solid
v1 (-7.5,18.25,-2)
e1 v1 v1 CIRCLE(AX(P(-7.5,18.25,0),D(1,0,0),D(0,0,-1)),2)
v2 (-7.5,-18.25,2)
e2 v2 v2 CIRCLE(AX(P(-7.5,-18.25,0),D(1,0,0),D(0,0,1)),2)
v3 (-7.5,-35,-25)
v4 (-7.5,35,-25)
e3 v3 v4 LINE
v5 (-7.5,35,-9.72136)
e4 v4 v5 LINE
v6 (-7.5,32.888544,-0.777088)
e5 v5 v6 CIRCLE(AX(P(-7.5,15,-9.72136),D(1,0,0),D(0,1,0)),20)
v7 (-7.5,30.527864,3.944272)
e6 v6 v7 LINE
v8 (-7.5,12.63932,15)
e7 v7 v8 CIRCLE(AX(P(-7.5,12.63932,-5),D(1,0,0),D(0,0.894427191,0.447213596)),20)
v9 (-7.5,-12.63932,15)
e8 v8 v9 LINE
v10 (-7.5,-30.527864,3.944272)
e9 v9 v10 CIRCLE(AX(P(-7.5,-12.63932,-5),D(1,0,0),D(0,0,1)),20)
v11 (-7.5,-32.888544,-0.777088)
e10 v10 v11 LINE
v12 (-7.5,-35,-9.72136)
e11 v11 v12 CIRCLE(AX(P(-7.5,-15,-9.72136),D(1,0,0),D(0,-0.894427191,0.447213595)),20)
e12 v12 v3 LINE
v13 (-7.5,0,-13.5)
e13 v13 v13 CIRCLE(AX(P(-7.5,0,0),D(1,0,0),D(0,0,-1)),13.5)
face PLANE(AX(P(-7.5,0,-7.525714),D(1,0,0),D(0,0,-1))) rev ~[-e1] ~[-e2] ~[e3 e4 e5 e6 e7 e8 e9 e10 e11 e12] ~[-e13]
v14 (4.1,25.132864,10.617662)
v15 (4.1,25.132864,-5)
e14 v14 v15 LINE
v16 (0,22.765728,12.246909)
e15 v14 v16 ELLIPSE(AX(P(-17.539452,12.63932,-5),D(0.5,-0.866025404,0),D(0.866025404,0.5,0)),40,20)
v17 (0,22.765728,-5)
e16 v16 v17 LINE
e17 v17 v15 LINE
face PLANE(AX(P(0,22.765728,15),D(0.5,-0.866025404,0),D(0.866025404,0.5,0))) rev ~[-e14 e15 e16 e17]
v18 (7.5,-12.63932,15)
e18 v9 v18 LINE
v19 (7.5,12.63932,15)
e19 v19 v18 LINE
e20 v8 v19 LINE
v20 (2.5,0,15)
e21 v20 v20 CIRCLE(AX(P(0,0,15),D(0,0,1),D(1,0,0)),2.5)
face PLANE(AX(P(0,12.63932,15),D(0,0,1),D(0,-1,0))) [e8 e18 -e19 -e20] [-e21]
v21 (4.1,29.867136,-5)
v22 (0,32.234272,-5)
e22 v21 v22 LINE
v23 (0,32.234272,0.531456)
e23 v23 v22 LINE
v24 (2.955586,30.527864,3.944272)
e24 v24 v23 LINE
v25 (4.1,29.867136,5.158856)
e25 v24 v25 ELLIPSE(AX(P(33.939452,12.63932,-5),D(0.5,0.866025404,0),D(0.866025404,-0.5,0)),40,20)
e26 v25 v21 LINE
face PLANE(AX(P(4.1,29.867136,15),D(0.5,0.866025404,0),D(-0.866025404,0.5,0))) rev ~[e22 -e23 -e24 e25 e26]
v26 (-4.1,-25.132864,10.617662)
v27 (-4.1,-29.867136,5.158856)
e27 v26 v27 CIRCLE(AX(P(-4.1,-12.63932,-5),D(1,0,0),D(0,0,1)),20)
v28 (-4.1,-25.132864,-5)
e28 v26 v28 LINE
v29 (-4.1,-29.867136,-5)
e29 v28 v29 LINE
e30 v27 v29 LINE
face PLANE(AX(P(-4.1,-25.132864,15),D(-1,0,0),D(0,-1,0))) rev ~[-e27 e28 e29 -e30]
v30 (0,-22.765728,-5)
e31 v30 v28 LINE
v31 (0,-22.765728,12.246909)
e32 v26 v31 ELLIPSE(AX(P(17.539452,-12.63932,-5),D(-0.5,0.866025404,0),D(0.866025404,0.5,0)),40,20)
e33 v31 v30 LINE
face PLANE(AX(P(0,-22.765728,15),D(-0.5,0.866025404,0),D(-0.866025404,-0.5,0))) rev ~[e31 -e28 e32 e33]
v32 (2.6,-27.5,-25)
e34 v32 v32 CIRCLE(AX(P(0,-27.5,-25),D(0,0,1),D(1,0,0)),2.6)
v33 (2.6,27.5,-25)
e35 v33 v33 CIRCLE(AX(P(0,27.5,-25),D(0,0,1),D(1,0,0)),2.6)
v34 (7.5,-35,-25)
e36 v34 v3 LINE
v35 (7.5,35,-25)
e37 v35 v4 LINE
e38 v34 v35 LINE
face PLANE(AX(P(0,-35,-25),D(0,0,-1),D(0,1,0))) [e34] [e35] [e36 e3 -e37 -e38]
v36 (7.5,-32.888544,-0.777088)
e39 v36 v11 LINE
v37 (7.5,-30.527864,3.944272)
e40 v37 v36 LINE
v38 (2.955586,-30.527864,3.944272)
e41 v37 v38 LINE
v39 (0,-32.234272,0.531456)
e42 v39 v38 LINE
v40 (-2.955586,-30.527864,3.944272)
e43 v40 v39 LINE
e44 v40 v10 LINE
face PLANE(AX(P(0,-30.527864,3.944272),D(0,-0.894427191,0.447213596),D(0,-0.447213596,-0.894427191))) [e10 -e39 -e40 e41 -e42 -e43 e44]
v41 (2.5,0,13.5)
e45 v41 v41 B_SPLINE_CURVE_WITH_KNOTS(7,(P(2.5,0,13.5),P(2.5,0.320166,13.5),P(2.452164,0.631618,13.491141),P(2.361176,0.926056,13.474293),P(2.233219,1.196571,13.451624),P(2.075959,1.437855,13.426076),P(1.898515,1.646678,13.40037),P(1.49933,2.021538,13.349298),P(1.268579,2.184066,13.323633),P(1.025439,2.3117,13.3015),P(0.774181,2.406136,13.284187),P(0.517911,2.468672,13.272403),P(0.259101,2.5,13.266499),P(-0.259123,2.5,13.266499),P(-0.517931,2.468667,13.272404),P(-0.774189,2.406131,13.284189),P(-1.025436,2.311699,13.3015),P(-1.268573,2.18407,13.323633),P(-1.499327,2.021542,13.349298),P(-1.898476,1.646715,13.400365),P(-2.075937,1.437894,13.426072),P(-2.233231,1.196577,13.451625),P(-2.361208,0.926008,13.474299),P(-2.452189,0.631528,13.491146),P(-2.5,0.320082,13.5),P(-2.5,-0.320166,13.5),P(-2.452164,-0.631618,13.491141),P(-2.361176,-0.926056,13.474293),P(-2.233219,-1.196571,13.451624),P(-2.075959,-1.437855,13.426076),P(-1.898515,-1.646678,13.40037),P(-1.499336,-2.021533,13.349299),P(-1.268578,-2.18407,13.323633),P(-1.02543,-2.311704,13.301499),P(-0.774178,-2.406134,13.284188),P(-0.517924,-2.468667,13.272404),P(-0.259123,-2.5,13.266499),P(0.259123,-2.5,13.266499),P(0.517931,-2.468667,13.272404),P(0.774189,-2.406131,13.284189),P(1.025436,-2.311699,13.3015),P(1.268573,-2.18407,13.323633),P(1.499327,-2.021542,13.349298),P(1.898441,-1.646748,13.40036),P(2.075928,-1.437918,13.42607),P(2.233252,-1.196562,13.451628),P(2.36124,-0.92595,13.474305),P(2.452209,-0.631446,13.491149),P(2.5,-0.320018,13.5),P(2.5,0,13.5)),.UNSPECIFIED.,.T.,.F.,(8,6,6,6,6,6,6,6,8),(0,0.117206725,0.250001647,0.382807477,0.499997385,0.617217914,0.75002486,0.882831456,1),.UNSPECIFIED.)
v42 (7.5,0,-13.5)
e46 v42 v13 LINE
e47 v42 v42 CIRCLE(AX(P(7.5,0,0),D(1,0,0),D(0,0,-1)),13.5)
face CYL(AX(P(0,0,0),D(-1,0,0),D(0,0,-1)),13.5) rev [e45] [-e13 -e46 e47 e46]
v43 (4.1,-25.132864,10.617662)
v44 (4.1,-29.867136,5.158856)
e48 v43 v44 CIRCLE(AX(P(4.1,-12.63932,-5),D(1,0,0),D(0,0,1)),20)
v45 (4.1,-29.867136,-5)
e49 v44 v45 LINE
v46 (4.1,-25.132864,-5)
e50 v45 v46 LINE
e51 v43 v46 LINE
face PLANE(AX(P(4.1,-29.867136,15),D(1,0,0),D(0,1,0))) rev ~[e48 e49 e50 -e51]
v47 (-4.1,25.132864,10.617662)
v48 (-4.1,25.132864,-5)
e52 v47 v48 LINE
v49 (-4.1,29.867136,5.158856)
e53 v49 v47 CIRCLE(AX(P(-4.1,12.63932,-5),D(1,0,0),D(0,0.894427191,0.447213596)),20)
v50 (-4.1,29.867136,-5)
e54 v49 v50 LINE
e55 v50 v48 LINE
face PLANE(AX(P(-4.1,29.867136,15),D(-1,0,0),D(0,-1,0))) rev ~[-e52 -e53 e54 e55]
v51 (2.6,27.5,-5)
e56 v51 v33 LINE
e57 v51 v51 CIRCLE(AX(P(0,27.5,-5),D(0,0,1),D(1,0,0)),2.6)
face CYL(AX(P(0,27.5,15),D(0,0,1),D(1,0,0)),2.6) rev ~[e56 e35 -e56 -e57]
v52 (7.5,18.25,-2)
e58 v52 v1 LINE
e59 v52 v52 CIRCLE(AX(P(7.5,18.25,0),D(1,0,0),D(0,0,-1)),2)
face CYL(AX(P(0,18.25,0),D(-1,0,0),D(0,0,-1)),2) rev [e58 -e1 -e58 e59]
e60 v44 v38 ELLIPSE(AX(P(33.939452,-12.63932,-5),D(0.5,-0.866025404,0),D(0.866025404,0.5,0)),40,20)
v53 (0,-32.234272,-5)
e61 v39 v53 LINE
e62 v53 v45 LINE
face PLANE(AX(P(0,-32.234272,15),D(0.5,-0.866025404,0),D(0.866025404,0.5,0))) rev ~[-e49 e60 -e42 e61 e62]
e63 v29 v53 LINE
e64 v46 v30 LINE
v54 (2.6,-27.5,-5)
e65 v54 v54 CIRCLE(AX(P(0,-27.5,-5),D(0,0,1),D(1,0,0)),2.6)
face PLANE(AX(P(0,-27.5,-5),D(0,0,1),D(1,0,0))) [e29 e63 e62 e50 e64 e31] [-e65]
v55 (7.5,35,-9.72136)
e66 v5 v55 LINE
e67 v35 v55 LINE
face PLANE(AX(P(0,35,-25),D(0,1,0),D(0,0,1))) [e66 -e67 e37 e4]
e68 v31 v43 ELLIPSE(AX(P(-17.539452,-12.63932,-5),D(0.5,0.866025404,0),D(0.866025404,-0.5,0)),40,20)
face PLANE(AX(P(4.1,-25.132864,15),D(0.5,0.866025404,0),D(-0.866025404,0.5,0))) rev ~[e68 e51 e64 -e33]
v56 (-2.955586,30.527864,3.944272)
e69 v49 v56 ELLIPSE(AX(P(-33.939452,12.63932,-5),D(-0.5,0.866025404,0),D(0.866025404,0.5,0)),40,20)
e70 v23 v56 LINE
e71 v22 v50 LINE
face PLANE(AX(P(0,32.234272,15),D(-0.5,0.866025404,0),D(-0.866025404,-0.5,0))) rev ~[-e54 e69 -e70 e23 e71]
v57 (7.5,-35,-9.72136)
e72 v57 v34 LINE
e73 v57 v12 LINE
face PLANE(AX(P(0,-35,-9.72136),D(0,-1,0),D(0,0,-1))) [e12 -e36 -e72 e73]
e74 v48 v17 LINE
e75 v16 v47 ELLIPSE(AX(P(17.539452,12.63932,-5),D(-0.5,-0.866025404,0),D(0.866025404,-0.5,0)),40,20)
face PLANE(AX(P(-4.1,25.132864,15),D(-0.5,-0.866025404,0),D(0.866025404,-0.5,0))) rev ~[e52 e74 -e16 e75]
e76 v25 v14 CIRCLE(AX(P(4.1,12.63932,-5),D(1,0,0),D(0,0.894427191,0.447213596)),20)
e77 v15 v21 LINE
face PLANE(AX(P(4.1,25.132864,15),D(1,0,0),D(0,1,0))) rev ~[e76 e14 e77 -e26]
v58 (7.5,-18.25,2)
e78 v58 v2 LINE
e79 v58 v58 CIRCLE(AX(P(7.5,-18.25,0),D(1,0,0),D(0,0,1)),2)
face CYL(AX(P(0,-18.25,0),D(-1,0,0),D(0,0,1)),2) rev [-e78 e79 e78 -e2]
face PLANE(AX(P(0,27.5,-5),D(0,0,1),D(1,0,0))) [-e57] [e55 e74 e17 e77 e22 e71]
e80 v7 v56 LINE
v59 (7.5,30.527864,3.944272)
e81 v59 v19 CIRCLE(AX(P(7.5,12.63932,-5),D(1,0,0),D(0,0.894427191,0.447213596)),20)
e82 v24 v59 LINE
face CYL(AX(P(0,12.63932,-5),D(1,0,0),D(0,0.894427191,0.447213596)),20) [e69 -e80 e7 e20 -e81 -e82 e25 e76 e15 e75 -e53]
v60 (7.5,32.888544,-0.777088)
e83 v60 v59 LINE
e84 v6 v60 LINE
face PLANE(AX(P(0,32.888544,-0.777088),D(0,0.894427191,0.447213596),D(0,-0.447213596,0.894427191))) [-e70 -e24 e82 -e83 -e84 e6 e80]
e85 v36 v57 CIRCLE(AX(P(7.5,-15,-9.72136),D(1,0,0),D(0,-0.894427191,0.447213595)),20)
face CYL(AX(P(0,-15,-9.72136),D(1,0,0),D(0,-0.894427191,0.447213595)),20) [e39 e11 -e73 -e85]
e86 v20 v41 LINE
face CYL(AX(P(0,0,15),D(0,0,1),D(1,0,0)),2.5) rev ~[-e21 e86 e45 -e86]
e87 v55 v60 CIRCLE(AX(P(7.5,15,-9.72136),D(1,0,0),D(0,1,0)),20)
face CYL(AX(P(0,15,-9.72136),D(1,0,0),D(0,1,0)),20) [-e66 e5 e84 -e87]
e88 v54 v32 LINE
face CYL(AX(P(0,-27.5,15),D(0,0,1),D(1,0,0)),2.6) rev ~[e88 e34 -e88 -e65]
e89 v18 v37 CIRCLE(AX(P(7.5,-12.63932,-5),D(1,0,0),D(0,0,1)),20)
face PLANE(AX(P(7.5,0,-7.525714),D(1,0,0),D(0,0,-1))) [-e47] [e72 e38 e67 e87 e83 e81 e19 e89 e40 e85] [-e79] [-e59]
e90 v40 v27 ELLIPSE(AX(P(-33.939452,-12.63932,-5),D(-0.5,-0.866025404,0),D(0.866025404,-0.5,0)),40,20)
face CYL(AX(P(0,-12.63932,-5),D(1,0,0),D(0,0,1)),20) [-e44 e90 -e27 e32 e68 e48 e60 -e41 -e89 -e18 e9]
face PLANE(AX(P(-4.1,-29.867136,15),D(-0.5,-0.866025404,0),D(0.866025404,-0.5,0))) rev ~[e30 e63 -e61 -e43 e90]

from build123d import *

# Parameters (mm, degrees)
SKETCH1_R           = 2
SKETCH1_R_2         = 13.5
BOSS_EXTRUDE1_DEPTH = 7.5
SKETCH2_R           = 2.6
CUT_EXTRUDE1_DEPTH  = 20
SKETCH4_R           = 2.5
CUT_EXTRUDE2_DEPTH  = 10
SKETCH2_3_R         = 2.6
CUT_EXTRUDE3_DEPTH  = 54.677276398


with BuildPart() as part:
    # Sketch1 → Boss-Extrude1 (new, symmetric)
    with BuildSketch(Plane(origin=(0, 0, 0), x_dir=(0, 0, -1), z_dir=(1, 0, 0))):
        with BuildLine():
            Line((24.999999999, 35), (9.721359549, 35))
            ThreePointArc((9.721359549, 35), (5.126301138, 34.464979789), (0.777087639, 32.88854382))
            Line((0.777087639, 32.88854382), (-3.944271911, 30.527864045))
            ThreePointArc((-3.944271911, 30.527864045), (-12.013016168, 23.153942467), (-15.000000001, 12.639320225))
            Line((-15.000000001, 12.639320225), (-15.000000001, -12.639320225))
            ThreePointArc((-15.000000001, -12.639320225), (-12.013016168, -23.153942467), (-3.944271911, -30.527864045))
            Line((-3.944271911, -30.527864045), (0.777087639, -32.88854382))
            ThreePointArc((0.777087639, -32.88854382), (5.126301138, -34.464979789), (9.721359549, -35))
            Line((9.721359549, -35), (24.999999999, -35))
            Line((24.999999999, -35), (24.999999999, 35))
        make_face()
        with Locations((0, 18.25)):
            Circle(SKETCH1_R, mode=Mode.SUBTRACT)
        Circle(SKETCH1_R_2, mode=Mode.SUBTRACT)
        with Locations((0, -18.25)):
            Circle(SKETCH1_R, mode=Mode.SUBTRACT)
    extrude(amount=BOSS_EXTRUDE1_DEPTH, both=True)

    # Sketch2 → Cut-Extrude1 (cut)
    # profile 1 of 2: a face of its own
    with BuildSketch(Plane.XY.offset(15.000000001)):
        Polygon((0, -22.765727793), (-4.1, -25.132863896), (-4.1, -29.867136104), (0, -32.234272207), (4.1, -29.867136104), (4.1, -25.132863896), align=None)
        with Locations((0, -27.5)):
            Circle(SKETCH2_R, mode=Mode.SUBTRACT)
    # profile 2 of 2: a face of its own
    with BuildSketch(Plane.XY.offset(15.000000001)):
        Polygon((0, 32.234272207), (-4.1, 29.867136104), (-4.1, 25.132863896), (0, 22.765727793), (4.1, 25.132863896), (4.1, 29.867136104), align=None)
        with Locations((0, 27.5)):
            Circle(SKETCH2_R, mode=Mode.SUBTRACT)
    extrude(amount=-CUT_EXTRUDE1_DEPTH, mode=Mode.SUBTRACT)

    # Sketch4 → Cut-Extrude2 (cut)
    with BuildSketch(Plane.XY.offset(15.000000001)):
        Circle(SKETCH4_R)
    extrude(amount=-CUT_EXTRUDE2_DEPTH, mode=Mode.SUBTRACT)

    # Sketch2<3> → Cut-Extrude3 (cut, through all)
    with BuildSketch(Plane.XY.offset(15.000000001)):
        with Locations((0, 27.5)):
            Circle(SKETCH2_3_R)
        with Locations((0, -27.5)):
            Circle(SKETCH2_3_R)
    extrude(amount=-CUT_EXTRUDE3_DEPTH, mode=Mode.SUBTRACT)


solid = part.part
